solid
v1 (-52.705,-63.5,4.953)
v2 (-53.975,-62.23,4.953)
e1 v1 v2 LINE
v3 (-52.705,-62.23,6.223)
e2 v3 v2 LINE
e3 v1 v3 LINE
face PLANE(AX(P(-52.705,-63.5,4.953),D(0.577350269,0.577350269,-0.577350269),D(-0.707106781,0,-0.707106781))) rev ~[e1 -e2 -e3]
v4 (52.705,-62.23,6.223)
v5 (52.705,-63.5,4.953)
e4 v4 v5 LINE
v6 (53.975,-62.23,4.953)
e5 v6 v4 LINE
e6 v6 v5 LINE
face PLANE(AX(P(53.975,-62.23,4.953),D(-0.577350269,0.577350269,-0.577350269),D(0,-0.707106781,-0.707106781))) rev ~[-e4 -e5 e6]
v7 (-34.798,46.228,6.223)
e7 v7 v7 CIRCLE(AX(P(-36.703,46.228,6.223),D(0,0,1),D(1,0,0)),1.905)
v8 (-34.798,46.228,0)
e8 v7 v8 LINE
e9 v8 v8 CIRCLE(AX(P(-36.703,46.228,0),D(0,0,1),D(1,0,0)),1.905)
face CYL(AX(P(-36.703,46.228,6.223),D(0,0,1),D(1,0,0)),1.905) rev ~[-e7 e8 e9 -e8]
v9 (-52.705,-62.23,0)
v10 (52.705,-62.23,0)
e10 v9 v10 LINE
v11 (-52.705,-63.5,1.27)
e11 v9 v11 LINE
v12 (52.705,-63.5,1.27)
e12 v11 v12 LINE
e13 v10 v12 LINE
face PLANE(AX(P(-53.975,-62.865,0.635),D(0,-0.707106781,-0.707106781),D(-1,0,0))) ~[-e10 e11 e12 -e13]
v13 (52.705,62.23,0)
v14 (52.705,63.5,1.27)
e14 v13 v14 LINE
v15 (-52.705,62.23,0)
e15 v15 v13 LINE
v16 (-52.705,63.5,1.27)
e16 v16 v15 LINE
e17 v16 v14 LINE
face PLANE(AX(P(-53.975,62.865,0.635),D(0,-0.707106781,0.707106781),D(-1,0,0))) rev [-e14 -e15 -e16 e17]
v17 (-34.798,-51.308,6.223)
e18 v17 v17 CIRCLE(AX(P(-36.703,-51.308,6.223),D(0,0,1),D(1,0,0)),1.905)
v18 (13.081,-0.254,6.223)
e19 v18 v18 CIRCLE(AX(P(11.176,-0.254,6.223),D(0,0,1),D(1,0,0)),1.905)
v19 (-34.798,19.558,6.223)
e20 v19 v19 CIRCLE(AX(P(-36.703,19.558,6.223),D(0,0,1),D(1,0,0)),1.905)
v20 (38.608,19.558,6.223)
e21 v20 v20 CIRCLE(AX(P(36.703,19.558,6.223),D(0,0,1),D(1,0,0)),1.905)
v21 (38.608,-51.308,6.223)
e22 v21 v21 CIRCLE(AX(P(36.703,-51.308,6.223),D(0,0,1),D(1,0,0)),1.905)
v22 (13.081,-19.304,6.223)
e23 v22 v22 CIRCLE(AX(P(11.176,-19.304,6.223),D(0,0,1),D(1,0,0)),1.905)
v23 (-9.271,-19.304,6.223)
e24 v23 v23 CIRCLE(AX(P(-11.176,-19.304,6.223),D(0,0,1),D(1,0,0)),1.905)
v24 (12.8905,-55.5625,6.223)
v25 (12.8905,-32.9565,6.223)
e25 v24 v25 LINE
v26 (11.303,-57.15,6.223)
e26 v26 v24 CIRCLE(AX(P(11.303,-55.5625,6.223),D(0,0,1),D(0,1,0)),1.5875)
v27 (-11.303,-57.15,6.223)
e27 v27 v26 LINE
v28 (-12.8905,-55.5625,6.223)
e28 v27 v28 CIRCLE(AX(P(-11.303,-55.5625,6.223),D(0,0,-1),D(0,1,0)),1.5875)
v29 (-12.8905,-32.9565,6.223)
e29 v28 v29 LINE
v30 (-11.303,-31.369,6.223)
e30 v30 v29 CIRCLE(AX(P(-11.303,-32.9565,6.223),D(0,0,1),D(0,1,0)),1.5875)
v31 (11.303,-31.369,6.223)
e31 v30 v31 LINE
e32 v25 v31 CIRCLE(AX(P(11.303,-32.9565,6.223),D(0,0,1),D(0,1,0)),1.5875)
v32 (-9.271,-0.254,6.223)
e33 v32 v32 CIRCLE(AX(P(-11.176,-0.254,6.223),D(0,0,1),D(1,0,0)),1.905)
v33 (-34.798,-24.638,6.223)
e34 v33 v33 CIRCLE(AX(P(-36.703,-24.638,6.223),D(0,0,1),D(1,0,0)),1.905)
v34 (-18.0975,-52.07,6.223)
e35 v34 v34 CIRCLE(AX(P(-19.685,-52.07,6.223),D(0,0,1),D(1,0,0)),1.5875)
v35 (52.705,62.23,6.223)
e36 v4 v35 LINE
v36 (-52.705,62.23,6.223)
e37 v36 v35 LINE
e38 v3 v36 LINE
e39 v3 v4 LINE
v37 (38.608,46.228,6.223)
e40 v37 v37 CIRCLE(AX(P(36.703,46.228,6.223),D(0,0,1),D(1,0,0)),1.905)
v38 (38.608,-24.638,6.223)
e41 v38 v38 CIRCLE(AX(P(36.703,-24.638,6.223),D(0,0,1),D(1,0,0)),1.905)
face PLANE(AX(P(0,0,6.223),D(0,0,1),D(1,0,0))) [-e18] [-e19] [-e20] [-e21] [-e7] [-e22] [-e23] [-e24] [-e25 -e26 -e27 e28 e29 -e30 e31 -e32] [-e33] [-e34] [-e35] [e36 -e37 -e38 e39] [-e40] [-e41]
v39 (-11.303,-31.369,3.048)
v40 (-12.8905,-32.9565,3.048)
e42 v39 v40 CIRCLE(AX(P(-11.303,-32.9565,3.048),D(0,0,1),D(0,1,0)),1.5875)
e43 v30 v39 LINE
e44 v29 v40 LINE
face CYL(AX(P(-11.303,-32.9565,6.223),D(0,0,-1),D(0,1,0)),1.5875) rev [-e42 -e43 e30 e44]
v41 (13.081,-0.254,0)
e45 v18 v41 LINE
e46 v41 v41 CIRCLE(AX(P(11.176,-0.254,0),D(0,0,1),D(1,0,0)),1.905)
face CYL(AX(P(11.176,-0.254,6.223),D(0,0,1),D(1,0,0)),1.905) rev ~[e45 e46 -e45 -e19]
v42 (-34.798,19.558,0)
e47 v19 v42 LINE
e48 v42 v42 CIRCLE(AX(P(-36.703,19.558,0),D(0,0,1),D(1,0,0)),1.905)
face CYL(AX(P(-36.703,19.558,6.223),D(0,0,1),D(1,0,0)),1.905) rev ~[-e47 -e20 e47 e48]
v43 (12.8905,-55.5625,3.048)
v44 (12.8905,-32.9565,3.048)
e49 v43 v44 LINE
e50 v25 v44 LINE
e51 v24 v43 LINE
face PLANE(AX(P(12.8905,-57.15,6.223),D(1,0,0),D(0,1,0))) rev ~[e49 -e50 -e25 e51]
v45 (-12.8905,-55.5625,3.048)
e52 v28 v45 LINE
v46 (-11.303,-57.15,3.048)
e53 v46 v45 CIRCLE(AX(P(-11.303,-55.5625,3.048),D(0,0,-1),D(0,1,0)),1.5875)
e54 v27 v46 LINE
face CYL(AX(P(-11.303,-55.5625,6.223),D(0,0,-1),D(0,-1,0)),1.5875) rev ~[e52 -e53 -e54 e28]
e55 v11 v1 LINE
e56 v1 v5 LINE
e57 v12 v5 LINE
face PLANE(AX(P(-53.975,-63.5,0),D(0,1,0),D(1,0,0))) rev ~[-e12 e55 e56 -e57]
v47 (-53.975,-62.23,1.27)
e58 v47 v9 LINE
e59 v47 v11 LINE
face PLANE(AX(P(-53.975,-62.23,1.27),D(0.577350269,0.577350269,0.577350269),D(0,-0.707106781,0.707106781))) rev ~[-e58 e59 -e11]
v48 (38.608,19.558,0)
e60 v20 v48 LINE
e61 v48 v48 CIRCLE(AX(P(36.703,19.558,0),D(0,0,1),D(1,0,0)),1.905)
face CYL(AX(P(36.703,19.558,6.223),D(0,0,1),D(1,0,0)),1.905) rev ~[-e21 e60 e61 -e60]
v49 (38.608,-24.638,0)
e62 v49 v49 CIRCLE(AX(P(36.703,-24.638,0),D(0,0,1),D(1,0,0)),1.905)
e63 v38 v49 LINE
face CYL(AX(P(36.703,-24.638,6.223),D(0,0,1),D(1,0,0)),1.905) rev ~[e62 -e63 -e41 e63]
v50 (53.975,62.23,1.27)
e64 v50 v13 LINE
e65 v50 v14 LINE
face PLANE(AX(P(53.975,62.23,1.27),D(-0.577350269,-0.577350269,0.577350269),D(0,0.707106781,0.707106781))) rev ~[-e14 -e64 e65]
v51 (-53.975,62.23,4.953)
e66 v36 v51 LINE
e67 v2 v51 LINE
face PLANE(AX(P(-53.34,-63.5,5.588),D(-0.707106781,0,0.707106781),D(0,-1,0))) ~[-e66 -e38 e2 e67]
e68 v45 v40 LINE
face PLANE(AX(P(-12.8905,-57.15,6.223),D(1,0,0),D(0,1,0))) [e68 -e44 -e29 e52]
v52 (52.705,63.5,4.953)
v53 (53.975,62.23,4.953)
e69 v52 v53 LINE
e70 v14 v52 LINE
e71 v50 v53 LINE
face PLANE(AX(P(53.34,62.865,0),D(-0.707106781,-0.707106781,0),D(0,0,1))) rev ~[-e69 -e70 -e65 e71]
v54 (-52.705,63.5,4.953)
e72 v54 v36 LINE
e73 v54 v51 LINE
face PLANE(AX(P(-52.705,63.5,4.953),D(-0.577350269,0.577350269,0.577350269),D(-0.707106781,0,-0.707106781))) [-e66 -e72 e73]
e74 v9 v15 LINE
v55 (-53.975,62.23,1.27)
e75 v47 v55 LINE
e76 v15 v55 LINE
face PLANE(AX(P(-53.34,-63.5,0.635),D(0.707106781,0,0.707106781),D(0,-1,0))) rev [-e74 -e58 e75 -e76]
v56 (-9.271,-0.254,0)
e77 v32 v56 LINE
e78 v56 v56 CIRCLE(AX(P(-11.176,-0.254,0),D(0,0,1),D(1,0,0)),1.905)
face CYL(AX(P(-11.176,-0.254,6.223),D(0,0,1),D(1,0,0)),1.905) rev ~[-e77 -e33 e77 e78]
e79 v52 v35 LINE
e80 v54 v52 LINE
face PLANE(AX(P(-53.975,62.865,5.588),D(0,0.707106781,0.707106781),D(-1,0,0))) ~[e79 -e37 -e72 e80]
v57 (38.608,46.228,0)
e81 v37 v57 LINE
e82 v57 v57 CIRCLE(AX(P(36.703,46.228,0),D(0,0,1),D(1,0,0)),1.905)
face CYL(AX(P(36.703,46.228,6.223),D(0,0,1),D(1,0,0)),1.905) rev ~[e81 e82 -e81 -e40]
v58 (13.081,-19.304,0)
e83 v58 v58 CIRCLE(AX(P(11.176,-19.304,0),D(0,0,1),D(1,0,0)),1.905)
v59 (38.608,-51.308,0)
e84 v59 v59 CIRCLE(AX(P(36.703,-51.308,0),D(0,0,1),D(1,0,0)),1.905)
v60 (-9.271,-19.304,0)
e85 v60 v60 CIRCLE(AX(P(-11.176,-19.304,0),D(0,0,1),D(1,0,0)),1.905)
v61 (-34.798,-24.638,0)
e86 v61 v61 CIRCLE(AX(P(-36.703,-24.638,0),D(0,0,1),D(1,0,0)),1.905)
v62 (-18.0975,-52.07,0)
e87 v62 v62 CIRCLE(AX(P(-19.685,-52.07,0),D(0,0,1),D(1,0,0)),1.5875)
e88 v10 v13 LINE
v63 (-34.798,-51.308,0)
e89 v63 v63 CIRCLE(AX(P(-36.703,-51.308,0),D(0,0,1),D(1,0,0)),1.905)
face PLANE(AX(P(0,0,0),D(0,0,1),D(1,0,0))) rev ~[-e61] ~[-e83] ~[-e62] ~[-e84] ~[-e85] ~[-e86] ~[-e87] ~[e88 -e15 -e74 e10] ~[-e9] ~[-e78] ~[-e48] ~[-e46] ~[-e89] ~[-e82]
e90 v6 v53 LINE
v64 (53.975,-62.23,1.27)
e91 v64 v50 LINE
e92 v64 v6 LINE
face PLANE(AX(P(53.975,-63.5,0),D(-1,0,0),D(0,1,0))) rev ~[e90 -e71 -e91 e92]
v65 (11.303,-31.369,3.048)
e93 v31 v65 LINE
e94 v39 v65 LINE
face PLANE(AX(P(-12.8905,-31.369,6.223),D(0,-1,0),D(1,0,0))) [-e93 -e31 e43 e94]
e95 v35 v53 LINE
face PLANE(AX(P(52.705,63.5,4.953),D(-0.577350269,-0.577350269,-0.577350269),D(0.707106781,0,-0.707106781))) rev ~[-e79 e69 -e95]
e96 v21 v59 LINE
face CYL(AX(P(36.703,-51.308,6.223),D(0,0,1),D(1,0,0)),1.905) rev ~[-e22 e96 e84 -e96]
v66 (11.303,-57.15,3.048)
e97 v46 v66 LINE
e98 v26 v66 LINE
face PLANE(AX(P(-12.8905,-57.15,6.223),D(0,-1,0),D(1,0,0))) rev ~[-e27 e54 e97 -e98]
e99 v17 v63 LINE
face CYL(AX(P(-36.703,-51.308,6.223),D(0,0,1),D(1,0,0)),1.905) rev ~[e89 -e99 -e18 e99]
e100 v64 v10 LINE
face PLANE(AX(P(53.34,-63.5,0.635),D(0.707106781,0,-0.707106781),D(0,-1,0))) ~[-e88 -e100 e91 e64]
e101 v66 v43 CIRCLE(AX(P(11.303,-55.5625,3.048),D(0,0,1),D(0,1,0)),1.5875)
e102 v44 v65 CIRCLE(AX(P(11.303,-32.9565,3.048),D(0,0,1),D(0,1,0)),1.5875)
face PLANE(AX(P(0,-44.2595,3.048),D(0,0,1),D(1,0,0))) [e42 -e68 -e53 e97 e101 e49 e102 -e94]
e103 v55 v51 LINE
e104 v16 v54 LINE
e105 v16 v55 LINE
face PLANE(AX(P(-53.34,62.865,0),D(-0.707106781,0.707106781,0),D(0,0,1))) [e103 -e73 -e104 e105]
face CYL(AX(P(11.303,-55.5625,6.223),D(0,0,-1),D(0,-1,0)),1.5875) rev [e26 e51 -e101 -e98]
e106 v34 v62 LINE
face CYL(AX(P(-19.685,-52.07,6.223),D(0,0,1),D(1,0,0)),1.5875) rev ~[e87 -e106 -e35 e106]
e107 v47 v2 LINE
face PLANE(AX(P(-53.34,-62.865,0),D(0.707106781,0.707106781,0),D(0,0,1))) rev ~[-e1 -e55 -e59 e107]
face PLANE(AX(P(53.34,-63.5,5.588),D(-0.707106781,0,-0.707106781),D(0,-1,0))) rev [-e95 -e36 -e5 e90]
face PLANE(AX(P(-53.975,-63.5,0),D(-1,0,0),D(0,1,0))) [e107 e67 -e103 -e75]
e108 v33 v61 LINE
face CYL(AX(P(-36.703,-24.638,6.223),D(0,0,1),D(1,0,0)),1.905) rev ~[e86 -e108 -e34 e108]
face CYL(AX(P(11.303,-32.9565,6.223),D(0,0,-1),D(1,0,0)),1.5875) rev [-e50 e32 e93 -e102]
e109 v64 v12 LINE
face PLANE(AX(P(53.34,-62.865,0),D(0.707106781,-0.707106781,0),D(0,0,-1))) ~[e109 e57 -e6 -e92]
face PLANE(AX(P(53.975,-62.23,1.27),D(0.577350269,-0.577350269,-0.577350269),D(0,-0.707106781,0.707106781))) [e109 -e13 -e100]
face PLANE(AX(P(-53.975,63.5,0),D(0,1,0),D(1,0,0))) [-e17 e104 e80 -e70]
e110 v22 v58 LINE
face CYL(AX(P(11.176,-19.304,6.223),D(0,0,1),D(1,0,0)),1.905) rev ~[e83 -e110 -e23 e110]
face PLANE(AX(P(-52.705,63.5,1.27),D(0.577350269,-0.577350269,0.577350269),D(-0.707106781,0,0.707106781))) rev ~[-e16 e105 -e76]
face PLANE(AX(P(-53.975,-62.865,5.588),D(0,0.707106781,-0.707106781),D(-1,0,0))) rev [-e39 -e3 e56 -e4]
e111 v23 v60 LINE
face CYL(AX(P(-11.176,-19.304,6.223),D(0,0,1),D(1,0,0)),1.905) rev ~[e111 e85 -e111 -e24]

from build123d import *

# Parameters (mm, degrees)
SKETCH1_W           = 107.95
SKETCH1_H           = 127
BOSS_EXTRUDE1_DEPTH = 6.223
CHAMFER1_SIZE       = 1.27
SKETCH2_R           = 1.905
CUT_EXTRUDE1_DEPTH  = 7.223
SKETCH3_R           = 1.905
CUT_EXTRUDE2_DEPTH  = 7.223
SKETCH4_W           = 25.781
SKETCH4_H           = 25.781
CUT_EXTRUDE3_DEPTH  = 3.175
FILLET1_R           = 1.5875
SKETCH5_R           = 1.5875
CUT_EXTRUDE4_DEPTH  = 7.223


with BuildPart() as part:
    # Sketch1 → Boss-Extrude1 (new body)
    with BuildSketch(Plane.XY):
        Rectangle(SKETCH1_W, SKETCH1_H)
    extrude(amount=BOSS_EXTRUDE1_DEPTH)

    # Chamfer1
    chamfer1_edges = [part.edges().sort_by_distance(p)[0] for p in [
        (-53.975, 0, 6.223),
        (0, -63.5, 6.223),
        (53.975, 0, 6.223),
        (0, -63.5, 0),
        (-53.975, 0, 0),
        (0, 63.5, 0),
        (53.975, 0, 0),
        (0, 63.5, 6.223),
        (53.975, -63.5, 3.1115),
        (-53.975, -63.5, 3.1115),
        (-53.975, 63.5, 3.1115),
        (53.975, 63.5, 3.1115),
    ]]
    chamfer(chamfer1_edges, length=CHAMFER1_SIZE)

    # Sketch2 → Cut-Extrude1 (cut, through all)
    with BuildSketch(Plane.XY.offset(6.223)):
        with Locations((-36.703, 46.228)):
            Circle(SKETCH2_R)
        with Locations((-36.703, -51.308)):
            Circle(SKETCH2_R)
        with Locations((36.703, -51.308)):
            Circle(SKETCH2_R)
        with Locations((36.703, 46.228)):
            Circle(SKETCH2_R)
        with Locations((-36.703, 19.558)):
            Circle(SKETCH2_R)
        with Locations((-36.703, -24.638)):
            Circle(SKETCH2_R)
        with Locations((36.703, 19.558)):
            Circle(SKETCH2_R)
        with Locations((36.703, -24.638)):
            Circle(SKETCH2_R)
    extrude(amount=-CUT_EXTRUDE1_DEPTH, mode=Mode.SUBTRACT)

    # Sketch3 → Cut-Extrude2 (cut, through all)
    with BuildSketch(Plane.XY.offset(6.223)):
        with Locations((-11.176, -0.254)):
            Circle(SKETCH3_R)
        with Locations((11.176, -0.254)):
            Circle(SKETCH3_R)
        with Locations((11.176, -19.304)):
            Circle(SKETCH3_R)
        with Locations((-11.176, -19.304)):
            Circle(SKETCH3_R)
    extrude(amount=-CUT_EXTRUDE2_DEPTH, mode=Mode.SUBTRACT)

    # Sketch4 → Cut-Extrude3 (cut)
    with BuildSketch(Plane.XY.offset(6.223)):
        with Locations((0, -44.2595)):
            Rectangle(SKETCH4_W, SKETCH4_H)
    extrude(amount=-CUT_EXTRUDE3_DEPTH, mode=Mode.SUBTRACT)

    # Fillet1
    fillet1_edges = [part.edges().sort_by_distance(p)[0] for p in [
        (12.8905, -31.369, 4.6355),
        (12.8905, -57.15, 4.6355),
        (-12.8905, -57.15, 4.6355),
        (-12.8905, -31.369, 4.6355),
    ]]
    fillet(fillet1_edges, radius=FILLET1_R)

    # Sketch5 → Cut-Extrude4 (cut, through all)
    with BuildSketch(Plane.XY.offset(6.223)):
        with Locations((-19.685, -52.07)):
            Circle(SKETCH5_R)
    extrude(amount=-CUT_EXTRUDE4_DEPTH, mode=Mode.SUBTRACT)


solid = part.part
